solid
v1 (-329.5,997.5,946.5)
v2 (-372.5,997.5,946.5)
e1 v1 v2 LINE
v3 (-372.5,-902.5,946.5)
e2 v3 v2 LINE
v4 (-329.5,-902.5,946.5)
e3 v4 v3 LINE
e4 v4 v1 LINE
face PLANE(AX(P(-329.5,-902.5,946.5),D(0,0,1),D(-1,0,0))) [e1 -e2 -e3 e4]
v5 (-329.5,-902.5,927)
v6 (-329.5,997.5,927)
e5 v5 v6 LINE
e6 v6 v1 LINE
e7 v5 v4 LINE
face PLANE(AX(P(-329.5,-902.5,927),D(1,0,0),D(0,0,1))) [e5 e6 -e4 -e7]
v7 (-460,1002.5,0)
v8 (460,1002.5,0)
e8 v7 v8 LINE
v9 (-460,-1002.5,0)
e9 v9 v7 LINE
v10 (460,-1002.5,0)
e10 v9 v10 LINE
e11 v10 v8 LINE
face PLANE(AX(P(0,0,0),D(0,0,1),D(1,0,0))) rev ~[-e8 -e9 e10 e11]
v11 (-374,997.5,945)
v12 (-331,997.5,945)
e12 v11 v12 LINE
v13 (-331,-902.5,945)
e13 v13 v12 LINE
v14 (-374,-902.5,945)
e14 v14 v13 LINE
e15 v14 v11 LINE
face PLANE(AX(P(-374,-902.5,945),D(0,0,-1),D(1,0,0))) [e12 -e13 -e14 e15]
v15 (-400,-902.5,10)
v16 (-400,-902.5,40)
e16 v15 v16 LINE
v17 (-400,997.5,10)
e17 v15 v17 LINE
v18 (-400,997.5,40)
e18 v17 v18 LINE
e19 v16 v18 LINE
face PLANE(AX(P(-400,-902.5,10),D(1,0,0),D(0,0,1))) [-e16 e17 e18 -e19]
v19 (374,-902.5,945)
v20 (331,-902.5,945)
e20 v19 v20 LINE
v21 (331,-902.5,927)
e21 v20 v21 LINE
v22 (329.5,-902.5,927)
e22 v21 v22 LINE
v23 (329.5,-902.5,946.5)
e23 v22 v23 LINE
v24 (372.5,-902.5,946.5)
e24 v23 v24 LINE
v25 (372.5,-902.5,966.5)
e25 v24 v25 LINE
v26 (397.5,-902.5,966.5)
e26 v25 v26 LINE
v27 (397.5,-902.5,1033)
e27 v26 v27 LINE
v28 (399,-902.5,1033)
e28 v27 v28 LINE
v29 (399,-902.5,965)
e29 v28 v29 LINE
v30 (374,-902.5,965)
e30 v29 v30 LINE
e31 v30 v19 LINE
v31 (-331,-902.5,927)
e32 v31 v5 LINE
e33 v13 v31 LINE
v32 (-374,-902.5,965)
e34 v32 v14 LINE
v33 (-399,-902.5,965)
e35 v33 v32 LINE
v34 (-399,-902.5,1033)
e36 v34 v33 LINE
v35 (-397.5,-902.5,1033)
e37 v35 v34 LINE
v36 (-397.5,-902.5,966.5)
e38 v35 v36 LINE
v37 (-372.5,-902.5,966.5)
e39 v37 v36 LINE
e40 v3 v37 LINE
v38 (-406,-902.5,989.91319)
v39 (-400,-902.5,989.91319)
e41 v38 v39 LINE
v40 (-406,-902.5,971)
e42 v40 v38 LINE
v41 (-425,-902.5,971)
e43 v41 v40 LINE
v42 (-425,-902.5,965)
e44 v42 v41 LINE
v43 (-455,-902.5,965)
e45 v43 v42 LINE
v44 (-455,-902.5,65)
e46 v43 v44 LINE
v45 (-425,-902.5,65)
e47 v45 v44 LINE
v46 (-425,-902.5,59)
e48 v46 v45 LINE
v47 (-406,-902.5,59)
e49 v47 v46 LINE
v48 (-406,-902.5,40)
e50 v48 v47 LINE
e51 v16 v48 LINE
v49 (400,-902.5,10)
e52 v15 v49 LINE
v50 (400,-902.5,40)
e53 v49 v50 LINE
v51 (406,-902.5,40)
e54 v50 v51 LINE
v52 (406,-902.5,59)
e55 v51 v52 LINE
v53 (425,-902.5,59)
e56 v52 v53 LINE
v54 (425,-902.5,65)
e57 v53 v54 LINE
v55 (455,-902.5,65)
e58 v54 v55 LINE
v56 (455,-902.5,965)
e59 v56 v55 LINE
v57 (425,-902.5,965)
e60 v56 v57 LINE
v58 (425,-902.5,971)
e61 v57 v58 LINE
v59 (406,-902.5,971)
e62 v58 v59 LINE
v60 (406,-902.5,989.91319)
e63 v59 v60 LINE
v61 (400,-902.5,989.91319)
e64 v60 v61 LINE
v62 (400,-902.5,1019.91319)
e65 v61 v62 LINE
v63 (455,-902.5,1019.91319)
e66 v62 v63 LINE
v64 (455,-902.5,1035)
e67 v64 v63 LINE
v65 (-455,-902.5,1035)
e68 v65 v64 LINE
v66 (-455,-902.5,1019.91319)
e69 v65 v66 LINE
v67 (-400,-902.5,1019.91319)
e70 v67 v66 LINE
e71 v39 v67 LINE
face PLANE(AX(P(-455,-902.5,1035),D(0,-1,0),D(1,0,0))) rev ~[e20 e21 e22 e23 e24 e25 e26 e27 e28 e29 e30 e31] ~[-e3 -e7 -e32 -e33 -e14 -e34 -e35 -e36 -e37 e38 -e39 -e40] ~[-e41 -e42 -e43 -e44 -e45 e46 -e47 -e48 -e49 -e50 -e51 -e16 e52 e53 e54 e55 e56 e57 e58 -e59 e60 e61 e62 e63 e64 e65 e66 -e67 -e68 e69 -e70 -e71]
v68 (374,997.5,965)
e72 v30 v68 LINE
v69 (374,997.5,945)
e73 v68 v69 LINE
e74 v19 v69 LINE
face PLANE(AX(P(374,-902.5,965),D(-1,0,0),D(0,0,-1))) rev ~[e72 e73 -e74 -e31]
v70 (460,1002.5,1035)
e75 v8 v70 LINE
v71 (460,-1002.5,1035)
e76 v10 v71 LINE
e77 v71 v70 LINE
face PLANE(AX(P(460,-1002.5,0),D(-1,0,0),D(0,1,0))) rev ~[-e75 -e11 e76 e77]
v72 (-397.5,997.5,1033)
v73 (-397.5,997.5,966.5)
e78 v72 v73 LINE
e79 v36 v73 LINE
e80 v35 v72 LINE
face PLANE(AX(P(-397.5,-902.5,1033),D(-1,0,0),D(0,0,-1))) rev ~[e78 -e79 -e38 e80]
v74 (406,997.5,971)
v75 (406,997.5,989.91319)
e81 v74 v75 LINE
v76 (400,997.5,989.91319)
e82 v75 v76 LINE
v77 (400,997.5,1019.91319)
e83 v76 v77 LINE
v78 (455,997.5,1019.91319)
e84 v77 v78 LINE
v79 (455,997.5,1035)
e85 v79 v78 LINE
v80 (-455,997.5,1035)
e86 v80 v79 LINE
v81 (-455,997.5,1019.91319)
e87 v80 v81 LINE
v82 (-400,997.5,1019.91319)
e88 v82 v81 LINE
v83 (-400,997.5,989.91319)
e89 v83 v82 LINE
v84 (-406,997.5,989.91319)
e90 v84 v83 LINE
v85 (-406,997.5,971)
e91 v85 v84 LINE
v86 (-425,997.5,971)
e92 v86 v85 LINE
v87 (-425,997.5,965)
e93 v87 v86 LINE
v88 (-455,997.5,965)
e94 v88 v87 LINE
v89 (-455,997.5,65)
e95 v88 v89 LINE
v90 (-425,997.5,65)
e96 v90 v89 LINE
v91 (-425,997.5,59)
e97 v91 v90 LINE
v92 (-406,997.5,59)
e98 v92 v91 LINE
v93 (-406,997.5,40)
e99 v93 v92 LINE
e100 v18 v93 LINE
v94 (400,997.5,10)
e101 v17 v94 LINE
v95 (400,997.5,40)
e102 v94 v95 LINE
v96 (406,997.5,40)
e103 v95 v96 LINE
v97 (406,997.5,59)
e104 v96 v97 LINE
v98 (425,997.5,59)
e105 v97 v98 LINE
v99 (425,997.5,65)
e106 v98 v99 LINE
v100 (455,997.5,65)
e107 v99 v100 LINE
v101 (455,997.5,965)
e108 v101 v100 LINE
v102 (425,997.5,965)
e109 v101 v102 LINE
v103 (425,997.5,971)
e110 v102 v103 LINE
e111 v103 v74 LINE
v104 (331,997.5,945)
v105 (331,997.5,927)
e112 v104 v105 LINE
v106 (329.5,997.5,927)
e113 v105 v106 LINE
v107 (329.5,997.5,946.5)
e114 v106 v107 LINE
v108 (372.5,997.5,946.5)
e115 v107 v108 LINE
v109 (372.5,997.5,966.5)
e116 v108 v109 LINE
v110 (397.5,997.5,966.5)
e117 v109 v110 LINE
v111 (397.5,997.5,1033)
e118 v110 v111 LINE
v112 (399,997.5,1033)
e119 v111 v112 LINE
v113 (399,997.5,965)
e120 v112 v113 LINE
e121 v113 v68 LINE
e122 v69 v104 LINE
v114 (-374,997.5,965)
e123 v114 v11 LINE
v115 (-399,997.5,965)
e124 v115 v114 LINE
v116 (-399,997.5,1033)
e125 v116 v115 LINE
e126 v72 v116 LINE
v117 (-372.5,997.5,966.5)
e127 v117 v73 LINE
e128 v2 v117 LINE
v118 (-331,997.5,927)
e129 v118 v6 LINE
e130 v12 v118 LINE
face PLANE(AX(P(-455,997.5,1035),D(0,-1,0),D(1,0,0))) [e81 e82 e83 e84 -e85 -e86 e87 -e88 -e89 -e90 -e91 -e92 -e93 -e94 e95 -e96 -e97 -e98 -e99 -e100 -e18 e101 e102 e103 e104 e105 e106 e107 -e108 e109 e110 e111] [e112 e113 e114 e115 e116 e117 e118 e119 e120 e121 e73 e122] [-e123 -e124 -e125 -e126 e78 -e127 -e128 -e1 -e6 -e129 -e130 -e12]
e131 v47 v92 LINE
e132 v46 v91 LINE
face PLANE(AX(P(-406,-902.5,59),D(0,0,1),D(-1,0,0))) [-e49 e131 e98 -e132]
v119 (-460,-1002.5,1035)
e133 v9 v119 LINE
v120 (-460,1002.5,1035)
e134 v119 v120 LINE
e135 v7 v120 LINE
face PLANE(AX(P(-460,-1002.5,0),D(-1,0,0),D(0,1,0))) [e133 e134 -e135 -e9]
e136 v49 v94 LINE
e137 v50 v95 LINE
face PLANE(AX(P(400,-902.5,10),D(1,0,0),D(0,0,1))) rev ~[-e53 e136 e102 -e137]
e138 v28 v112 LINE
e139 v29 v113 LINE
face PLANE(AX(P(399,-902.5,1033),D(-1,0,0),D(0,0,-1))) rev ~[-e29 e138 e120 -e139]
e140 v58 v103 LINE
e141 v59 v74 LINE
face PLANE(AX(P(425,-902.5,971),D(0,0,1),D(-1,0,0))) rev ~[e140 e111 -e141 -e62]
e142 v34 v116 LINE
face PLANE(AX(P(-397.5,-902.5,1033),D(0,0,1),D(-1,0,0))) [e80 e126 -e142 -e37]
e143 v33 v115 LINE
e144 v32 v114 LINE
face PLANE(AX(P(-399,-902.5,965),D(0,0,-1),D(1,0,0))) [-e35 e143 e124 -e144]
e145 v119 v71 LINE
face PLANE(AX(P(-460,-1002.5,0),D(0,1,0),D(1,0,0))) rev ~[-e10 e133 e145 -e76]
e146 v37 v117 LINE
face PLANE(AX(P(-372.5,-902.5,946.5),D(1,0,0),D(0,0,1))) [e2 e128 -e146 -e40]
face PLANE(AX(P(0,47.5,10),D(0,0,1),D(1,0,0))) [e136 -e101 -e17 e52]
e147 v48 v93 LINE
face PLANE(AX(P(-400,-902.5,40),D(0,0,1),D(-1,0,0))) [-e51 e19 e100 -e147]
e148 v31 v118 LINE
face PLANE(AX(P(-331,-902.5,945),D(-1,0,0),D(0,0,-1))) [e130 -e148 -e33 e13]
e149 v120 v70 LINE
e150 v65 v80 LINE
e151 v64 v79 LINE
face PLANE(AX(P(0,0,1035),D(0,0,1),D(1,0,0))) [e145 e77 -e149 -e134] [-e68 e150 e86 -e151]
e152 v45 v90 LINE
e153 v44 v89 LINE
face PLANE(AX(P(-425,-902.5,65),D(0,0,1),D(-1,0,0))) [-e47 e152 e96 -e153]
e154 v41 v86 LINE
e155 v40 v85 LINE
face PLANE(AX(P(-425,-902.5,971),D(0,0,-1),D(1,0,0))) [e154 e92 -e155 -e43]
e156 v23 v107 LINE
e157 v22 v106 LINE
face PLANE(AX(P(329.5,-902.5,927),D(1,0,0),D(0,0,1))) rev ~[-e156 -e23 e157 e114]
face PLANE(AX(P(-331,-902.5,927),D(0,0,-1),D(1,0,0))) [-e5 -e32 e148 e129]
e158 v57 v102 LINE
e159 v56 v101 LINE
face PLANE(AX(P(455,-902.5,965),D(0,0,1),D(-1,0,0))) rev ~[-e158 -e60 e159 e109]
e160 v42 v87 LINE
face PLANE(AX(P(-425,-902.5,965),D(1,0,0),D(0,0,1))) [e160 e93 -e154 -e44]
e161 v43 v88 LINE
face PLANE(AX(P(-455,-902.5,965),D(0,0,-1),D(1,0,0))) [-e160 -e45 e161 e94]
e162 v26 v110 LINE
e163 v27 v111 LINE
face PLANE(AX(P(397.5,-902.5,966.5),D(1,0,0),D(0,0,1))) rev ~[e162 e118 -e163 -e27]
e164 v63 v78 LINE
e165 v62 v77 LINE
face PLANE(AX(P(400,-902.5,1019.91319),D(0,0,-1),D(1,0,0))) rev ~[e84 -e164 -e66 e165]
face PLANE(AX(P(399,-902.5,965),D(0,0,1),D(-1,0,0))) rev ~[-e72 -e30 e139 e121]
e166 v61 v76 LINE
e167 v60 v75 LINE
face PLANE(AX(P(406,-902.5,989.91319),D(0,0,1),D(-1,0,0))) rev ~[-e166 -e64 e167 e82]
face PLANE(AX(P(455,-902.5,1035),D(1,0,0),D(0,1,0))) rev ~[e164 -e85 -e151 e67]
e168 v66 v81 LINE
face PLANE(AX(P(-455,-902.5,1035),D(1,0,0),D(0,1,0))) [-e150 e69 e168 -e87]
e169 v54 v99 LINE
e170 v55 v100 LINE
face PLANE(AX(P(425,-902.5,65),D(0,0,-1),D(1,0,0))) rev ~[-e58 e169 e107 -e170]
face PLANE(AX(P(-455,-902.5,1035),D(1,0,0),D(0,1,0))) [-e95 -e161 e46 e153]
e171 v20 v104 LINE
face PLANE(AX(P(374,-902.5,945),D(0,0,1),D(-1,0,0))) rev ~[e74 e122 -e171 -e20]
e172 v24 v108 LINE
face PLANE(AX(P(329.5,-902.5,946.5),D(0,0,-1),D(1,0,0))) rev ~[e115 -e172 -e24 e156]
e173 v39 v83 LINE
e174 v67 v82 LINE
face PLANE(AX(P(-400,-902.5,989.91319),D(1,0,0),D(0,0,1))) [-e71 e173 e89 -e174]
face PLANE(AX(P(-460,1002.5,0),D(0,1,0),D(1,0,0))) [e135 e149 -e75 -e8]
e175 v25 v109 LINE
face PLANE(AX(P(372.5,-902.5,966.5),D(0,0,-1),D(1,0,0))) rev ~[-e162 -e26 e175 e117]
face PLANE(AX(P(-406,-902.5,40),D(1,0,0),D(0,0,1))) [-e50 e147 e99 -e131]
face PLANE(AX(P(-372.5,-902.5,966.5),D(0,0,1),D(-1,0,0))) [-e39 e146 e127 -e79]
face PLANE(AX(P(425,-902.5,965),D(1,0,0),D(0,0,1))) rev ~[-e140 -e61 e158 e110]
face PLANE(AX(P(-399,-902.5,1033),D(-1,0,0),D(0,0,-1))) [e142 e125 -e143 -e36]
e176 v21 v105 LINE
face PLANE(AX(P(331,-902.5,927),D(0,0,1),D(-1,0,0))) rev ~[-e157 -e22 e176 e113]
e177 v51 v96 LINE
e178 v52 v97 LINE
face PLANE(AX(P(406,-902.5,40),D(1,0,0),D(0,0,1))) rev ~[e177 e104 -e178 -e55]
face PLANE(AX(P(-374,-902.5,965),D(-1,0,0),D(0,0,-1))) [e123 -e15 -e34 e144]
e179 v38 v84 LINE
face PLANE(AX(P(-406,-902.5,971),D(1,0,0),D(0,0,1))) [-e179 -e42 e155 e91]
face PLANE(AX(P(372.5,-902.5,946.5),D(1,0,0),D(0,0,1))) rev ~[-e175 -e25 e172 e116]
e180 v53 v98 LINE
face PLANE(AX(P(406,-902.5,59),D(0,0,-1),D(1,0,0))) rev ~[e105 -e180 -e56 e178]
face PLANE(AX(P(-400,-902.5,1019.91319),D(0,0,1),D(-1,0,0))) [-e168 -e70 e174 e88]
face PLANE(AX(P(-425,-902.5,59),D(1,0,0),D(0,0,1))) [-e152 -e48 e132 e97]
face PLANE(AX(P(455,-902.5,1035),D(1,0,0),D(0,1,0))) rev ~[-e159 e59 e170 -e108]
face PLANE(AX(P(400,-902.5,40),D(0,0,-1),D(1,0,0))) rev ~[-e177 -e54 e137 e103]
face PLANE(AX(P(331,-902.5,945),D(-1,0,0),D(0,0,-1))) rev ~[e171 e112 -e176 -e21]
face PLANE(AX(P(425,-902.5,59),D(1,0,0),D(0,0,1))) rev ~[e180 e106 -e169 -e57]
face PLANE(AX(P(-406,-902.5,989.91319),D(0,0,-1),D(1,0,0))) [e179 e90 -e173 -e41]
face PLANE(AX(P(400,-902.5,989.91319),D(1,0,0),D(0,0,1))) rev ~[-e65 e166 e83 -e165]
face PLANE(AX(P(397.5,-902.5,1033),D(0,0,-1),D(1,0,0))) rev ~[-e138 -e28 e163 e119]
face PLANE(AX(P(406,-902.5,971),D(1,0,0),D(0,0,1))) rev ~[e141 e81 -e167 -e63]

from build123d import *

# Parameters (mm, degrees)
CROQUIS1_W              = 920
CROQUIS1_H              = 2005
SALIENTE_EXTRUIR1_DEPTH = 1035
CROQUIS2_W              = 910
CROQUIS2_H              = 1900
CORTAR_EXTRUIR1_DEPTH   = 1025
SALIENTE_EXTRUIR2_DEPTH = 1900
SALIENTE_EXTRUIR3_DEPTH = 1900
SALIENTE_EXTRUIR4_DEPTH = 1900


with BuildPart() as part:
    # Croquis1 → Saliente-Extruir1 (new body)
    with BuildSketch(Plane.XY):
        Rectangle(CROQUIS1_W, CROQUIS1_H)
    extrude(amount=SALIENTE_EXTRUIR1_DEPTH)

    # Croquis2 → Cortar-Extruir1 (cut)
    with BuildSketch(Plane.XY.offset(1035)):
        with Locations((0, 47.5)):
            Rectangle(CROQUIS2_W, CROQUIS2_H)
    extrude(amount=-CORTAR_EXTRUIR1_DEPTH, mode=Mode.SUBTRACT)

    # Croquis3 → Saliente-Extruir2 (add)
    with BuildSketch(Plane(origin=(0, -902.5, 0), x_dir=(1, 0, 0), z_dir=(0, 1, 0))):
        Polygon((-406, -59), (-425, -59), (-425, -65), (-455, -65), (-455, -10), (-400, -10), (-400, -40), (-406, -40), align=None)
        Polygon((400, -10), (400, -40), (406, -40), (406, -59), (425, -59), (425, -65), (455, -65), (455, -10), align=None)
    extrude(amount=SALIENTE_EXTRUIR2_DEPTH)

    # Croquis4 → Saliente-Extruir3 (add)
    with BuildSketch(Plane(origin=(0, -902.5, 0), x_dir=(1, 0, 0), z_dir=(0, 1, 0))):
        Polygon((-455, -965), (-425, -965), (-425, -971), (-406, -971), (-406, -989.913190258), (-400, -989.913190258), (-400, -1019.913190258), (-455, -1019.913190258), align=None)
        Polygon((406, -971), (406, -989.913190258), (400, -989.913190258), (400, -1019.913190258), (455, -1019.913190258), (455, -965), (425, -965), (425, -971), align=None)
    extrude(amount=SALIENTE_EXTRUIR3_DEPTH)

    # Croquis5 → Saliente-Extruir4 (add)
    with BuildSketch(Plane(origin=(0, -902.5, 0), x_dir=(1, 0, 0), z_dir=(0, 1, 0))):
        Polygon((-399, -1033), (-399, -965), (-374, -965), (-374, -945), (-331, -945), (-331, -927), (-329.5, -927), (-329.5, -946.5), (-372.5, -946.5), (-372.5, -966.5), (-397.5, -966.5), (-397.5, -981.854825443), (-397.5, -1033), align=None)
        Polygon((397.5, -1033), (399, -1033), (399, -965), (374, -965), (374, -945), (331, -945), (331, -927), (329.5, -927), (329.5, -946.5), (372.5, -946.5), (372.5, -966.5), (397.5, -966.5), (397.5, -981.854825443), align=None)
    extrude(amount=SALIENTE_EXTRUIR4_DEPTH)


solid = part.part
